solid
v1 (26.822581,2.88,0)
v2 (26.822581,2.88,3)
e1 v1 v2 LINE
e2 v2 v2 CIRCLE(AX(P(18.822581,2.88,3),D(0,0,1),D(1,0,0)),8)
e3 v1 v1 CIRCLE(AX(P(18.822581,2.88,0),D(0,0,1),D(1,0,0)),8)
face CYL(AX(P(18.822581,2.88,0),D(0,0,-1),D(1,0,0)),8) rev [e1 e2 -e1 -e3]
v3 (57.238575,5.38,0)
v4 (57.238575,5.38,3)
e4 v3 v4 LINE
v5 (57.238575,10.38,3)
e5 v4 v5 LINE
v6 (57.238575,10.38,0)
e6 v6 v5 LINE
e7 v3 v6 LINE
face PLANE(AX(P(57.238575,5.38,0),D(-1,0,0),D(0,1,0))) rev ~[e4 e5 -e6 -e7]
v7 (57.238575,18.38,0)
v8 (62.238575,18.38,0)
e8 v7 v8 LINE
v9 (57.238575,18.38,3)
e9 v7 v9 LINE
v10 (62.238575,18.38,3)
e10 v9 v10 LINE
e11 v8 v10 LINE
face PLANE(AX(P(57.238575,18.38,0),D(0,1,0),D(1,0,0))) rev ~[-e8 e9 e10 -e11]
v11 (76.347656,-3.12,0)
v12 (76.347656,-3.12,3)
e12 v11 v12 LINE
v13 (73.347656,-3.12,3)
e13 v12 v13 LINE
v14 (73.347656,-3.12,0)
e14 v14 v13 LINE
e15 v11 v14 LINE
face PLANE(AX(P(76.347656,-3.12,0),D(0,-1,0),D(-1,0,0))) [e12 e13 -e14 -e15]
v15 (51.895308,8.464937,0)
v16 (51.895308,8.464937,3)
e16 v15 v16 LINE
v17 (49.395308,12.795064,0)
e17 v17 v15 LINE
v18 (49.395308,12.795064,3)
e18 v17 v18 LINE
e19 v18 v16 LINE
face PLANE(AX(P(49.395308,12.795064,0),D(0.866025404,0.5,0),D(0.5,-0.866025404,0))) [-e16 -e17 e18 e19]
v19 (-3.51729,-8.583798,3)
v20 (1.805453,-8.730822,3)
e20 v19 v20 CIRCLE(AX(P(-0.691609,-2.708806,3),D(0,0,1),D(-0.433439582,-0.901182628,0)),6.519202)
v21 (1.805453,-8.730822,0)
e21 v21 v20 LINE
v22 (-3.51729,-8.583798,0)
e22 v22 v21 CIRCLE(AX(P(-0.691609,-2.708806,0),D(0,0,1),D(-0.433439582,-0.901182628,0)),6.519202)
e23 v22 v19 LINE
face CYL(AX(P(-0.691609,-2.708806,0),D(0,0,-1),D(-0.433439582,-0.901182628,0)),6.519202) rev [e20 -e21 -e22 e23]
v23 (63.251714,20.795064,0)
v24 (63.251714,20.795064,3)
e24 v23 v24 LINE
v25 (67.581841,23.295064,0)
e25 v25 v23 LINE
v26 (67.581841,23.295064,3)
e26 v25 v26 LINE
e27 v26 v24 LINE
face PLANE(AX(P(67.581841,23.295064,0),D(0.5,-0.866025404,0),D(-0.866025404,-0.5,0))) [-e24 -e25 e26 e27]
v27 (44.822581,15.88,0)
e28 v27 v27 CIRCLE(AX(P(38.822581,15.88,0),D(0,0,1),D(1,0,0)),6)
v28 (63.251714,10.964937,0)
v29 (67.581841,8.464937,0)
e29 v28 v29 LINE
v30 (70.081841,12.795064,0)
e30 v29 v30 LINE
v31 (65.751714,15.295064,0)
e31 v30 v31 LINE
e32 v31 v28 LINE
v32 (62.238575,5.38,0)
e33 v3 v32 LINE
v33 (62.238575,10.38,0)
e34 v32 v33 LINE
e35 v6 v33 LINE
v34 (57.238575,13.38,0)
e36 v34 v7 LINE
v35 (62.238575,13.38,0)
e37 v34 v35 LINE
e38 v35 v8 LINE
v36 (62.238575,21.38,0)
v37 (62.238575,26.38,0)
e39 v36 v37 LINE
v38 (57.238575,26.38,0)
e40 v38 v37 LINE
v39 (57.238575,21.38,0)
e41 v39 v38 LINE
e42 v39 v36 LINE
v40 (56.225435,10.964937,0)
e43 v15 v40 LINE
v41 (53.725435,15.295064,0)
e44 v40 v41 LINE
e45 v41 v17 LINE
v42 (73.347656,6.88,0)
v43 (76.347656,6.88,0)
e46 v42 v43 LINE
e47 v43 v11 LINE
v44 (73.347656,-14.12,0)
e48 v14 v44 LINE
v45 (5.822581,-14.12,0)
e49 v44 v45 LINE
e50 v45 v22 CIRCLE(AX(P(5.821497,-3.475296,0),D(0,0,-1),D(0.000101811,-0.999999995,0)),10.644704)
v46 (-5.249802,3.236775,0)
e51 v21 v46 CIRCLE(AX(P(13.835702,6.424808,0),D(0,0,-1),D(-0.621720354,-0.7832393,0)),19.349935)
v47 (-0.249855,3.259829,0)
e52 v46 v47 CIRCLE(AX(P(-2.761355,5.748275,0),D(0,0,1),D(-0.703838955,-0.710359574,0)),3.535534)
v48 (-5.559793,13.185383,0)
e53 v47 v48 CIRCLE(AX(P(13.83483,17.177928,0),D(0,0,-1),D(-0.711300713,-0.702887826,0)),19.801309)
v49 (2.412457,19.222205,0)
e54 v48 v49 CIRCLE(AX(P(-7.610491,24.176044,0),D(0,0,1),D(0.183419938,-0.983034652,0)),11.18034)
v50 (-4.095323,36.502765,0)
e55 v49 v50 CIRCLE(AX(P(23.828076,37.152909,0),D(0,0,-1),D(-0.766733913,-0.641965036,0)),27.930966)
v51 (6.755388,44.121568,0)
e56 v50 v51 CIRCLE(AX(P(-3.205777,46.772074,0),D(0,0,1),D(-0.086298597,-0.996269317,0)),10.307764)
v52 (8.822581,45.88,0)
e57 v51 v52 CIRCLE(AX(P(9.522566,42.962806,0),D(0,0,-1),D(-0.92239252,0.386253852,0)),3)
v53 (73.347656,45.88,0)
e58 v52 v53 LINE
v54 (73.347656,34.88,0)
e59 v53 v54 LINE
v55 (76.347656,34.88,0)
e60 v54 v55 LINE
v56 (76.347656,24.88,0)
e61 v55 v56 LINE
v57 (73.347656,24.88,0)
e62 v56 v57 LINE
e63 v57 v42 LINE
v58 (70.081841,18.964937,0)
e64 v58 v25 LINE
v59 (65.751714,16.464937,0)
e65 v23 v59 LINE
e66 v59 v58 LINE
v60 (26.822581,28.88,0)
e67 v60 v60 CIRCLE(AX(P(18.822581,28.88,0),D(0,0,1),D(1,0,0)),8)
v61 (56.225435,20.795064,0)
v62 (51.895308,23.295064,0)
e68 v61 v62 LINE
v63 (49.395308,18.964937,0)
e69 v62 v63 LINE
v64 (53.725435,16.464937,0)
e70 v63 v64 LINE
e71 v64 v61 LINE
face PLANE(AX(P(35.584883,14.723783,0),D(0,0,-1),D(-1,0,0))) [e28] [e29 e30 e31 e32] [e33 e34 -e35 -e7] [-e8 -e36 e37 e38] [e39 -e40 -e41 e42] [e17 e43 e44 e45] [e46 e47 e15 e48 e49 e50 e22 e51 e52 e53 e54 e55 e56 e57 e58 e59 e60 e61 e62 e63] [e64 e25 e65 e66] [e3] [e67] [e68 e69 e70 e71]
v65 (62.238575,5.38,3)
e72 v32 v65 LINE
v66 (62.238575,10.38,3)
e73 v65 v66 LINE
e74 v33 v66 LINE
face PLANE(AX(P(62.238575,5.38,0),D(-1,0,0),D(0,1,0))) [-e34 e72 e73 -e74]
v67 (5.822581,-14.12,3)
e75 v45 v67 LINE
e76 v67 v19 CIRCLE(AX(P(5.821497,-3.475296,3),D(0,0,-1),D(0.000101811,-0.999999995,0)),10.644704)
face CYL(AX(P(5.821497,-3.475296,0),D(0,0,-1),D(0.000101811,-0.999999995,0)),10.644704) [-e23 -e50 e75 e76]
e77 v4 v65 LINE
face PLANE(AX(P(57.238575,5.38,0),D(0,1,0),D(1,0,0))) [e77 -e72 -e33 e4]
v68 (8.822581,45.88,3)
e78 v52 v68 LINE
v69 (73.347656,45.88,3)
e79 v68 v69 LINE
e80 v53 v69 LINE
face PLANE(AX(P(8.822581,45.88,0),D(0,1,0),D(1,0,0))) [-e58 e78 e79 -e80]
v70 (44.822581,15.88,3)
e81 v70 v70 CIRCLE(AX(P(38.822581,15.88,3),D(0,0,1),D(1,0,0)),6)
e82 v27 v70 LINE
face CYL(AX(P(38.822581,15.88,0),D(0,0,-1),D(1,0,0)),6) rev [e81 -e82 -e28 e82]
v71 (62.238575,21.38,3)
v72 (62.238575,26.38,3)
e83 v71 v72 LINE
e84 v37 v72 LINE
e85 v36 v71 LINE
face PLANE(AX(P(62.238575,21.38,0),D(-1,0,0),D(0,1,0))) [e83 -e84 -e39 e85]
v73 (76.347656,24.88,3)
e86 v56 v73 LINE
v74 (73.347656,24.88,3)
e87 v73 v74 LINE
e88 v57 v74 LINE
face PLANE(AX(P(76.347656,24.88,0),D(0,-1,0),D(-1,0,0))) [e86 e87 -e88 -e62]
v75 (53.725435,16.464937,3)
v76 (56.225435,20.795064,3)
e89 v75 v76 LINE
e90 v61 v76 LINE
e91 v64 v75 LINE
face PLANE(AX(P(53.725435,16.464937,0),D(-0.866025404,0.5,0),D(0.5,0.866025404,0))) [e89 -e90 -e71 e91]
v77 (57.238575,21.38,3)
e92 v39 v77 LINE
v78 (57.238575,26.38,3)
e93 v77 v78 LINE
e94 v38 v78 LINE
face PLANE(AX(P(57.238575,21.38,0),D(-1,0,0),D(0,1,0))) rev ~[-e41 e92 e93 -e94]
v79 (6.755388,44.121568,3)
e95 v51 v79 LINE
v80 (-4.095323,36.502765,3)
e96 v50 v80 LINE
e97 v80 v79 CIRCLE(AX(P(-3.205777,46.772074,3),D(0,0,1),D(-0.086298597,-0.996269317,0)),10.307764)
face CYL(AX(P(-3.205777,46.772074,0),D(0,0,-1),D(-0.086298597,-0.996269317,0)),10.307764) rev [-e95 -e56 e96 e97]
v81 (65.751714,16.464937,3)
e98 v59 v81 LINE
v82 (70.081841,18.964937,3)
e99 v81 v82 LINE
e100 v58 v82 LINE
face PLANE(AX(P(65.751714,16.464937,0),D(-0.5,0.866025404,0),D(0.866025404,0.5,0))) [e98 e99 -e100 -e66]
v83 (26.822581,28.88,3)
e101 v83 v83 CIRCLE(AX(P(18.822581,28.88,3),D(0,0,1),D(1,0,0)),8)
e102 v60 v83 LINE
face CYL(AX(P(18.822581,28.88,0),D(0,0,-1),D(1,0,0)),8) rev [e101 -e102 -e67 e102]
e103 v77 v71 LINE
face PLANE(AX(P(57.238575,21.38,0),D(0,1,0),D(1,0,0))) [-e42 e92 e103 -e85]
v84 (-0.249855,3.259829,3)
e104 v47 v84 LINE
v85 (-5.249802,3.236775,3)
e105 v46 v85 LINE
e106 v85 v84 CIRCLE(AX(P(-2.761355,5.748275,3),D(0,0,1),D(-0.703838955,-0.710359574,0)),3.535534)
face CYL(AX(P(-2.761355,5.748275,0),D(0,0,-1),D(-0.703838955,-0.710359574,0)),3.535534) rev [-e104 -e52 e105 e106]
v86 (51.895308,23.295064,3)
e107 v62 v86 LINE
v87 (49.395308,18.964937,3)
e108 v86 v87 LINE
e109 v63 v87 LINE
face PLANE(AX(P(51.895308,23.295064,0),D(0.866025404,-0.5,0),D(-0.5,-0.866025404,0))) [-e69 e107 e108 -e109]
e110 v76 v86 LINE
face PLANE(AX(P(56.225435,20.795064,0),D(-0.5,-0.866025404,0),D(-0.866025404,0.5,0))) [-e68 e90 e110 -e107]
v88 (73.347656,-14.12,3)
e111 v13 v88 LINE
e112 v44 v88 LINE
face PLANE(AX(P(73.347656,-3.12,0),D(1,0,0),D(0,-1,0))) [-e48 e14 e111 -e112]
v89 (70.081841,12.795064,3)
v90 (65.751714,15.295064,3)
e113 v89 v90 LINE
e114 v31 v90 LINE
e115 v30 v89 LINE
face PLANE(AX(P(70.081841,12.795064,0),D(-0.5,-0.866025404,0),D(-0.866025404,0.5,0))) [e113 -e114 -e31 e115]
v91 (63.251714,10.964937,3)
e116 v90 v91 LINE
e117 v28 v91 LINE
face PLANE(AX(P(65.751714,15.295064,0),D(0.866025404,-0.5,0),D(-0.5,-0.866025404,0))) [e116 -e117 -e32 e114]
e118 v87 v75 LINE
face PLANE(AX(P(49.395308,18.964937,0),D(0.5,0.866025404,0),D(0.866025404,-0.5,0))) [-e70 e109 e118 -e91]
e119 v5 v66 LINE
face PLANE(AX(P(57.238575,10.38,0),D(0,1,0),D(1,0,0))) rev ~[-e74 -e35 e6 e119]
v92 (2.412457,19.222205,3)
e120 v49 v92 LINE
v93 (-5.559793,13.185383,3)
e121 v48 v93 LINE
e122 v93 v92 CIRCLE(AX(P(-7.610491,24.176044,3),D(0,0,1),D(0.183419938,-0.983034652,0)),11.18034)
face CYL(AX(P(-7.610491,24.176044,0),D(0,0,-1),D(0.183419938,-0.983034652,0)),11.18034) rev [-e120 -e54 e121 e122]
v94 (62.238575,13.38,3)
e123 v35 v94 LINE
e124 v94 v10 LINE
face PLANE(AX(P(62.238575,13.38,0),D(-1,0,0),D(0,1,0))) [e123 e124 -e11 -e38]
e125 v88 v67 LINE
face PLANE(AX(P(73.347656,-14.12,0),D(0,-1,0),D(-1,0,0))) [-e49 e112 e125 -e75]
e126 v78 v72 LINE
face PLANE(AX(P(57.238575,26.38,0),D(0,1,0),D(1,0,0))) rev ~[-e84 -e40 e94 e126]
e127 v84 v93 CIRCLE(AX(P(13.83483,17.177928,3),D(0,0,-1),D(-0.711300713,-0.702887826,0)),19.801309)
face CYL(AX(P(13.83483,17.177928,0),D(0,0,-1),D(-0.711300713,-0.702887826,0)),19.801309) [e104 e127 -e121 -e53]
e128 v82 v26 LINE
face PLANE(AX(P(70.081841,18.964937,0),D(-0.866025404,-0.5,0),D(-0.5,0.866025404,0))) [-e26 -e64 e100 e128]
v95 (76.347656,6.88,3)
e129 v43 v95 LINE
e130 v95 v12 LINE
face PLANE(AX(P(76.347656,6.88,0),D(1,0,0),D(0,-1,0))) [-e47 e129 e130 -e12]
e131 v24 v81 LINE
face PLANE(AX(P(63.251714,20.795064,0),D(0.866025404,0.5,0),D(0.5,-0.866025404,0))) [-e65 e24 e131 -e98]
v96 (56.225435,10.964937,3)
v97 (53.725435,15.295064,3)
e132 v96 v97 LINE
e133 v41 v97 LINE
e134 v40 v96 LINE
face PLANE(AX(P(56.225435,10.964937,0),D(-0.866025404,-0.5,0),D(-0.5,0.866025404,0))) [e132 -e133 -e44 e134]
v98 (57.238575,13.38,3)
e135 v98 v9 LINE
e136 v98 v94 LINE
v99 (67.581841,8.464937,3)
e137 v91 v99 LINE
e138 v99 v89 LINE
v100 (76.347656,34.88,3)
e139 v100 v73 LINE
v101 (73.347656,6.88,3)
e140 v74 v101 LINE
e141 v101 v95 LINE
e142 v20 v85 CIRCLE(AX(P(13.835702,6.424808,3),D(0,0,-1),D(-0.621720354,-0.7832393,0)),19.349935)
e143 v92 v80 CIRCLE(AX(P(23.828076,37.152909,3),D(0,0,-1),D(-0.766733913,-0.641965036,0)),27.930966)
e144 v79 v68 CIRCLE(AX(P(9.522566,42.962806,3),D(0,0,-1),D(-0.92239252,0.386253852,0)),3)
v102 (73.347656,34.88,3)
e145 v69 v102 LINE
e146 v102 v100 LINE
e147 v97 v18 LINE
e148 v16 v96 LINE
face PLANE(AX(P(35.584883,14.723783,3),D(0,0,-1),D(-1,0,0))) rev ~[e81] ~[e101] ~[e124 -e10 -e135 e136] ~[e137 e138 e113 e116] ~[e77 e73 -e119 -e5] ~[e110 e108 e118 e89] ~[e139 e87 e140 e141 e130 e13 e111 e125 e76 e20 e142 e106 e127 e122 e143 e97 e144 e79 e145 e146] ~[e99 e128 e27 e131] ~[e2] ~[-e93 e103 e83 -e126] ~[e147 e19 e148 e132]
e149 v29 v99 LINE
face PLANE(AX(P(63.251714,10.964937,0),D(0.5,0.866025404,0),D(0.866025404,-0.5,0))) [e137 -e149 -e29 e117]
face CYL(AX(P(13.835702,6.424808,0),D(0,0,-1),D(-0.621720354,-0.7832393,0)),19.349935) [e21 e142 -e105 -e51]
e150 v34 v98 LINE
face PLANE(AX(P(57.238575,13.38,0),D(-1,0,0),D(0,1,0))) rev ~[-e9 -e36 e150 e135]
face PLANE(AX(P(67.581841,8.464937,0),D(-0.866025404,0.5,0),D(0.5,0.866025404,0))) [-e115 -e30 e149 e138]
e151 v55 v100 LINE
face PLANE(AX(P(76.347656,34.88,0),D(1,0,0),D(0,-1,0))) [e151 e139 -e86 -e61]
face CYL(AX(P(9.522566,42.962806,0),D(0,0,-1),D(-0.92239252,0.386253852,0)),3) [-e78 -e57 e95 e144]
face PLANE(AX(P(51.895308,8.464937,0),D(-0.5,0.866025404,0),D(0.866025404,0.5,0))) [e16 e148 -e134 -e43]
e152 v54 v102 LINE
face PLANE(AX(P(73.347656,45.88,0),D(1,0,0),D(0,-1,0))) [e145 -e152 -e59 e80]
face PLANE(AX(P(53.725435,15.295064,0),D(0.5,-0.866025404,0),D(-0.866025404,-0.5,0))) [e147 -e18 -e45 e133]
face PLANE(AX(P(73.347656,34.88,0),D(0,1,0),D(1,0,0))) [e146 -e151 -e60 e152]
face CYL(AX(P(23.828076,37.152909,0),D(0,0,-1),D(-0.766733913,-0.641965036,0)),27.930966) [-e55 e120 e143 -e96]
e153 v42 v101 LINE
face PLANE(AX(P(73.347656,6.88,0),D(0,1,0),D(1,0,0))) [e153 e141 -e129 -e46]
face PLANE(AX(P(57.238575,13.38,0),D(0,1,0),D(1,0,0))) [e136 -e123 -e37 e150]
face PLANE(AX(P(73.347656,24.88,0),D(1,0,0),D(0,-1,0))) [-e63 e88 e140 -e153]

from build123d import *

# Parameters (mm, degrees)
MODEL_R                 = 8
MODEL_R_2               = 6
MODEL_W                 = 5
MODEL_H                 = 5
SALIENTE_EXTRUIR1_DEPTH = 3


with BuildPart() as part:
    # Model → Saliente-Extruir1 (new body)
    with BuildSketch(Plane.XY):
        with BuildLine():
            Line((76.347655659, 34.880000028), (76.347655659, 24.880000028))
            Line((76.347655659, 24.880000028), (73.347655659, 24.880000028))
            Line((73.347655659, 24.880000028), (73.347655659, 6.880000028))
            Line((73.347655659, 6.880000028), (76.347655659, 6.880000028))
            Line((76.347655659, 6.880000028), (76.347655659, -3.119999972))
            Line((76.347655659, -3.119999972), (73.347655659, -3.119999972))
            Line((73.347655659, -3.119999972), (73.347655659, -14.119999972))
            Line((73.347655659, -14.119999972), (61.82755788, -14.119999972))
            Line((61.82755788, -14.119999972), (5.822580598, -14.119999972))
            ThreePointArc((5.822580598, -14.119999972), (0.393738877, -12.632215144), (-3.517289733, -8.583798005))
            ThreePointArc((-3.517289733, -8.583798005), (-0.871613495, -9.225522901), (1.80545298, -8.730822292))
            ThreePointArc((1.80545298, -8.730822292), (-2.833232138, -3.402025371), (-5.249801899, 3.236774734))
            ThreePointArc((-5.249801899, 3.236774734), (-2.74505386, 2.21277877), (-0.249855047, 3.259828604))
            ThreePointArc((-0.249855047, 3.259828604), (-3.624986156, 7.837335992), (-5.559793418, 13.185382809))
            ThreePointArc((-5.559793418, 13.185382809), (-0.86111803, 15.262797511), (2.412456901, 19.222205222))
            ThreePointArc((2.412456901, 19.222205222), (-2.310766872, 27.309140745), (-4.095322699, 36.502765137))
            ThreePointArc((-4.095322699, 36.502765137), (2.717491313, 38.336145621), (6.755388207, 44.121567597))
            ThreePointArc((6.755388207, 44.121567597), (7.57877424, 45.247904396), (8.822580598, 45.880000028))
            Line((8.822580598, 45.880000028), (11.313037594, 45.880000028))
            Line((11.313037594, 45.880000028), (73.347655659, 45.880000028))
            Line((73.347655659, 45.880000028), (73.347655659, 34.880000028))
            Line((73.347655659, 34.880000028), (76.347655659, 34.880000028))
        make_face()
        with Locations((18.822580598, 28.880000028)):
            Circle(MODEL_R, mode=Mode.SUBTRACT)
        with Locations((38.822580598, 15.880000028)):
            Circle(MODEL_R_2, mode=Mode.SUBTRACT)
        with Locations((18.822580598, 2.880000028)):
            Circle(MODEL_R, mode=Mode.SUBTRACT)
        Polygon((53.725434944, 16.464936518), (56.225434944, 20.795063537), (51.895307925, 23.295063537), (49.395307925, 18.964936518), align=None, mode=Mode.SUBTRACT)
        Polygon((49.395307925, 12.795063537), (51.895307925, 8.464936518), (56.225434944, 10.964936518), (53.725434944, 15.295063537), align=None, mode=Mode.SUBTRACT)
        with Locations((59.738574665, 23.880000028)):
            Rectangle(MODEL_W, MODEL_H, mode=Mode.SUBTRACT)
        Polygon((65.751714386, 15.295063537), (63.251714386, 10.964936518), (67.581841405, 8.464936518), (70.081841405, 12.795063537), align=None, mode=Mode.SUBTRACT)
        Polygon((70.081841405, 18.964936518), (67.581841405, 23.295063537), (63.251714386, 20.795063537), (65.751714386, 16.464936518), align=None, mode=Mode.SUBTRACT)
        with Locations((59.738574665, 7.880000028)):
            Rectangle(MODEL_W, MODEL_H, mode=Mode.SUBTRACT)
        with Locations((59.738574665, 15.880000028)):
            Rectangle(MODEL_W, MODEL_H, mode=Mode.SUBTRACT)
    extrude(amount=SALIENTE_EXTRUIR1_DEPTH)


solid = part.part
